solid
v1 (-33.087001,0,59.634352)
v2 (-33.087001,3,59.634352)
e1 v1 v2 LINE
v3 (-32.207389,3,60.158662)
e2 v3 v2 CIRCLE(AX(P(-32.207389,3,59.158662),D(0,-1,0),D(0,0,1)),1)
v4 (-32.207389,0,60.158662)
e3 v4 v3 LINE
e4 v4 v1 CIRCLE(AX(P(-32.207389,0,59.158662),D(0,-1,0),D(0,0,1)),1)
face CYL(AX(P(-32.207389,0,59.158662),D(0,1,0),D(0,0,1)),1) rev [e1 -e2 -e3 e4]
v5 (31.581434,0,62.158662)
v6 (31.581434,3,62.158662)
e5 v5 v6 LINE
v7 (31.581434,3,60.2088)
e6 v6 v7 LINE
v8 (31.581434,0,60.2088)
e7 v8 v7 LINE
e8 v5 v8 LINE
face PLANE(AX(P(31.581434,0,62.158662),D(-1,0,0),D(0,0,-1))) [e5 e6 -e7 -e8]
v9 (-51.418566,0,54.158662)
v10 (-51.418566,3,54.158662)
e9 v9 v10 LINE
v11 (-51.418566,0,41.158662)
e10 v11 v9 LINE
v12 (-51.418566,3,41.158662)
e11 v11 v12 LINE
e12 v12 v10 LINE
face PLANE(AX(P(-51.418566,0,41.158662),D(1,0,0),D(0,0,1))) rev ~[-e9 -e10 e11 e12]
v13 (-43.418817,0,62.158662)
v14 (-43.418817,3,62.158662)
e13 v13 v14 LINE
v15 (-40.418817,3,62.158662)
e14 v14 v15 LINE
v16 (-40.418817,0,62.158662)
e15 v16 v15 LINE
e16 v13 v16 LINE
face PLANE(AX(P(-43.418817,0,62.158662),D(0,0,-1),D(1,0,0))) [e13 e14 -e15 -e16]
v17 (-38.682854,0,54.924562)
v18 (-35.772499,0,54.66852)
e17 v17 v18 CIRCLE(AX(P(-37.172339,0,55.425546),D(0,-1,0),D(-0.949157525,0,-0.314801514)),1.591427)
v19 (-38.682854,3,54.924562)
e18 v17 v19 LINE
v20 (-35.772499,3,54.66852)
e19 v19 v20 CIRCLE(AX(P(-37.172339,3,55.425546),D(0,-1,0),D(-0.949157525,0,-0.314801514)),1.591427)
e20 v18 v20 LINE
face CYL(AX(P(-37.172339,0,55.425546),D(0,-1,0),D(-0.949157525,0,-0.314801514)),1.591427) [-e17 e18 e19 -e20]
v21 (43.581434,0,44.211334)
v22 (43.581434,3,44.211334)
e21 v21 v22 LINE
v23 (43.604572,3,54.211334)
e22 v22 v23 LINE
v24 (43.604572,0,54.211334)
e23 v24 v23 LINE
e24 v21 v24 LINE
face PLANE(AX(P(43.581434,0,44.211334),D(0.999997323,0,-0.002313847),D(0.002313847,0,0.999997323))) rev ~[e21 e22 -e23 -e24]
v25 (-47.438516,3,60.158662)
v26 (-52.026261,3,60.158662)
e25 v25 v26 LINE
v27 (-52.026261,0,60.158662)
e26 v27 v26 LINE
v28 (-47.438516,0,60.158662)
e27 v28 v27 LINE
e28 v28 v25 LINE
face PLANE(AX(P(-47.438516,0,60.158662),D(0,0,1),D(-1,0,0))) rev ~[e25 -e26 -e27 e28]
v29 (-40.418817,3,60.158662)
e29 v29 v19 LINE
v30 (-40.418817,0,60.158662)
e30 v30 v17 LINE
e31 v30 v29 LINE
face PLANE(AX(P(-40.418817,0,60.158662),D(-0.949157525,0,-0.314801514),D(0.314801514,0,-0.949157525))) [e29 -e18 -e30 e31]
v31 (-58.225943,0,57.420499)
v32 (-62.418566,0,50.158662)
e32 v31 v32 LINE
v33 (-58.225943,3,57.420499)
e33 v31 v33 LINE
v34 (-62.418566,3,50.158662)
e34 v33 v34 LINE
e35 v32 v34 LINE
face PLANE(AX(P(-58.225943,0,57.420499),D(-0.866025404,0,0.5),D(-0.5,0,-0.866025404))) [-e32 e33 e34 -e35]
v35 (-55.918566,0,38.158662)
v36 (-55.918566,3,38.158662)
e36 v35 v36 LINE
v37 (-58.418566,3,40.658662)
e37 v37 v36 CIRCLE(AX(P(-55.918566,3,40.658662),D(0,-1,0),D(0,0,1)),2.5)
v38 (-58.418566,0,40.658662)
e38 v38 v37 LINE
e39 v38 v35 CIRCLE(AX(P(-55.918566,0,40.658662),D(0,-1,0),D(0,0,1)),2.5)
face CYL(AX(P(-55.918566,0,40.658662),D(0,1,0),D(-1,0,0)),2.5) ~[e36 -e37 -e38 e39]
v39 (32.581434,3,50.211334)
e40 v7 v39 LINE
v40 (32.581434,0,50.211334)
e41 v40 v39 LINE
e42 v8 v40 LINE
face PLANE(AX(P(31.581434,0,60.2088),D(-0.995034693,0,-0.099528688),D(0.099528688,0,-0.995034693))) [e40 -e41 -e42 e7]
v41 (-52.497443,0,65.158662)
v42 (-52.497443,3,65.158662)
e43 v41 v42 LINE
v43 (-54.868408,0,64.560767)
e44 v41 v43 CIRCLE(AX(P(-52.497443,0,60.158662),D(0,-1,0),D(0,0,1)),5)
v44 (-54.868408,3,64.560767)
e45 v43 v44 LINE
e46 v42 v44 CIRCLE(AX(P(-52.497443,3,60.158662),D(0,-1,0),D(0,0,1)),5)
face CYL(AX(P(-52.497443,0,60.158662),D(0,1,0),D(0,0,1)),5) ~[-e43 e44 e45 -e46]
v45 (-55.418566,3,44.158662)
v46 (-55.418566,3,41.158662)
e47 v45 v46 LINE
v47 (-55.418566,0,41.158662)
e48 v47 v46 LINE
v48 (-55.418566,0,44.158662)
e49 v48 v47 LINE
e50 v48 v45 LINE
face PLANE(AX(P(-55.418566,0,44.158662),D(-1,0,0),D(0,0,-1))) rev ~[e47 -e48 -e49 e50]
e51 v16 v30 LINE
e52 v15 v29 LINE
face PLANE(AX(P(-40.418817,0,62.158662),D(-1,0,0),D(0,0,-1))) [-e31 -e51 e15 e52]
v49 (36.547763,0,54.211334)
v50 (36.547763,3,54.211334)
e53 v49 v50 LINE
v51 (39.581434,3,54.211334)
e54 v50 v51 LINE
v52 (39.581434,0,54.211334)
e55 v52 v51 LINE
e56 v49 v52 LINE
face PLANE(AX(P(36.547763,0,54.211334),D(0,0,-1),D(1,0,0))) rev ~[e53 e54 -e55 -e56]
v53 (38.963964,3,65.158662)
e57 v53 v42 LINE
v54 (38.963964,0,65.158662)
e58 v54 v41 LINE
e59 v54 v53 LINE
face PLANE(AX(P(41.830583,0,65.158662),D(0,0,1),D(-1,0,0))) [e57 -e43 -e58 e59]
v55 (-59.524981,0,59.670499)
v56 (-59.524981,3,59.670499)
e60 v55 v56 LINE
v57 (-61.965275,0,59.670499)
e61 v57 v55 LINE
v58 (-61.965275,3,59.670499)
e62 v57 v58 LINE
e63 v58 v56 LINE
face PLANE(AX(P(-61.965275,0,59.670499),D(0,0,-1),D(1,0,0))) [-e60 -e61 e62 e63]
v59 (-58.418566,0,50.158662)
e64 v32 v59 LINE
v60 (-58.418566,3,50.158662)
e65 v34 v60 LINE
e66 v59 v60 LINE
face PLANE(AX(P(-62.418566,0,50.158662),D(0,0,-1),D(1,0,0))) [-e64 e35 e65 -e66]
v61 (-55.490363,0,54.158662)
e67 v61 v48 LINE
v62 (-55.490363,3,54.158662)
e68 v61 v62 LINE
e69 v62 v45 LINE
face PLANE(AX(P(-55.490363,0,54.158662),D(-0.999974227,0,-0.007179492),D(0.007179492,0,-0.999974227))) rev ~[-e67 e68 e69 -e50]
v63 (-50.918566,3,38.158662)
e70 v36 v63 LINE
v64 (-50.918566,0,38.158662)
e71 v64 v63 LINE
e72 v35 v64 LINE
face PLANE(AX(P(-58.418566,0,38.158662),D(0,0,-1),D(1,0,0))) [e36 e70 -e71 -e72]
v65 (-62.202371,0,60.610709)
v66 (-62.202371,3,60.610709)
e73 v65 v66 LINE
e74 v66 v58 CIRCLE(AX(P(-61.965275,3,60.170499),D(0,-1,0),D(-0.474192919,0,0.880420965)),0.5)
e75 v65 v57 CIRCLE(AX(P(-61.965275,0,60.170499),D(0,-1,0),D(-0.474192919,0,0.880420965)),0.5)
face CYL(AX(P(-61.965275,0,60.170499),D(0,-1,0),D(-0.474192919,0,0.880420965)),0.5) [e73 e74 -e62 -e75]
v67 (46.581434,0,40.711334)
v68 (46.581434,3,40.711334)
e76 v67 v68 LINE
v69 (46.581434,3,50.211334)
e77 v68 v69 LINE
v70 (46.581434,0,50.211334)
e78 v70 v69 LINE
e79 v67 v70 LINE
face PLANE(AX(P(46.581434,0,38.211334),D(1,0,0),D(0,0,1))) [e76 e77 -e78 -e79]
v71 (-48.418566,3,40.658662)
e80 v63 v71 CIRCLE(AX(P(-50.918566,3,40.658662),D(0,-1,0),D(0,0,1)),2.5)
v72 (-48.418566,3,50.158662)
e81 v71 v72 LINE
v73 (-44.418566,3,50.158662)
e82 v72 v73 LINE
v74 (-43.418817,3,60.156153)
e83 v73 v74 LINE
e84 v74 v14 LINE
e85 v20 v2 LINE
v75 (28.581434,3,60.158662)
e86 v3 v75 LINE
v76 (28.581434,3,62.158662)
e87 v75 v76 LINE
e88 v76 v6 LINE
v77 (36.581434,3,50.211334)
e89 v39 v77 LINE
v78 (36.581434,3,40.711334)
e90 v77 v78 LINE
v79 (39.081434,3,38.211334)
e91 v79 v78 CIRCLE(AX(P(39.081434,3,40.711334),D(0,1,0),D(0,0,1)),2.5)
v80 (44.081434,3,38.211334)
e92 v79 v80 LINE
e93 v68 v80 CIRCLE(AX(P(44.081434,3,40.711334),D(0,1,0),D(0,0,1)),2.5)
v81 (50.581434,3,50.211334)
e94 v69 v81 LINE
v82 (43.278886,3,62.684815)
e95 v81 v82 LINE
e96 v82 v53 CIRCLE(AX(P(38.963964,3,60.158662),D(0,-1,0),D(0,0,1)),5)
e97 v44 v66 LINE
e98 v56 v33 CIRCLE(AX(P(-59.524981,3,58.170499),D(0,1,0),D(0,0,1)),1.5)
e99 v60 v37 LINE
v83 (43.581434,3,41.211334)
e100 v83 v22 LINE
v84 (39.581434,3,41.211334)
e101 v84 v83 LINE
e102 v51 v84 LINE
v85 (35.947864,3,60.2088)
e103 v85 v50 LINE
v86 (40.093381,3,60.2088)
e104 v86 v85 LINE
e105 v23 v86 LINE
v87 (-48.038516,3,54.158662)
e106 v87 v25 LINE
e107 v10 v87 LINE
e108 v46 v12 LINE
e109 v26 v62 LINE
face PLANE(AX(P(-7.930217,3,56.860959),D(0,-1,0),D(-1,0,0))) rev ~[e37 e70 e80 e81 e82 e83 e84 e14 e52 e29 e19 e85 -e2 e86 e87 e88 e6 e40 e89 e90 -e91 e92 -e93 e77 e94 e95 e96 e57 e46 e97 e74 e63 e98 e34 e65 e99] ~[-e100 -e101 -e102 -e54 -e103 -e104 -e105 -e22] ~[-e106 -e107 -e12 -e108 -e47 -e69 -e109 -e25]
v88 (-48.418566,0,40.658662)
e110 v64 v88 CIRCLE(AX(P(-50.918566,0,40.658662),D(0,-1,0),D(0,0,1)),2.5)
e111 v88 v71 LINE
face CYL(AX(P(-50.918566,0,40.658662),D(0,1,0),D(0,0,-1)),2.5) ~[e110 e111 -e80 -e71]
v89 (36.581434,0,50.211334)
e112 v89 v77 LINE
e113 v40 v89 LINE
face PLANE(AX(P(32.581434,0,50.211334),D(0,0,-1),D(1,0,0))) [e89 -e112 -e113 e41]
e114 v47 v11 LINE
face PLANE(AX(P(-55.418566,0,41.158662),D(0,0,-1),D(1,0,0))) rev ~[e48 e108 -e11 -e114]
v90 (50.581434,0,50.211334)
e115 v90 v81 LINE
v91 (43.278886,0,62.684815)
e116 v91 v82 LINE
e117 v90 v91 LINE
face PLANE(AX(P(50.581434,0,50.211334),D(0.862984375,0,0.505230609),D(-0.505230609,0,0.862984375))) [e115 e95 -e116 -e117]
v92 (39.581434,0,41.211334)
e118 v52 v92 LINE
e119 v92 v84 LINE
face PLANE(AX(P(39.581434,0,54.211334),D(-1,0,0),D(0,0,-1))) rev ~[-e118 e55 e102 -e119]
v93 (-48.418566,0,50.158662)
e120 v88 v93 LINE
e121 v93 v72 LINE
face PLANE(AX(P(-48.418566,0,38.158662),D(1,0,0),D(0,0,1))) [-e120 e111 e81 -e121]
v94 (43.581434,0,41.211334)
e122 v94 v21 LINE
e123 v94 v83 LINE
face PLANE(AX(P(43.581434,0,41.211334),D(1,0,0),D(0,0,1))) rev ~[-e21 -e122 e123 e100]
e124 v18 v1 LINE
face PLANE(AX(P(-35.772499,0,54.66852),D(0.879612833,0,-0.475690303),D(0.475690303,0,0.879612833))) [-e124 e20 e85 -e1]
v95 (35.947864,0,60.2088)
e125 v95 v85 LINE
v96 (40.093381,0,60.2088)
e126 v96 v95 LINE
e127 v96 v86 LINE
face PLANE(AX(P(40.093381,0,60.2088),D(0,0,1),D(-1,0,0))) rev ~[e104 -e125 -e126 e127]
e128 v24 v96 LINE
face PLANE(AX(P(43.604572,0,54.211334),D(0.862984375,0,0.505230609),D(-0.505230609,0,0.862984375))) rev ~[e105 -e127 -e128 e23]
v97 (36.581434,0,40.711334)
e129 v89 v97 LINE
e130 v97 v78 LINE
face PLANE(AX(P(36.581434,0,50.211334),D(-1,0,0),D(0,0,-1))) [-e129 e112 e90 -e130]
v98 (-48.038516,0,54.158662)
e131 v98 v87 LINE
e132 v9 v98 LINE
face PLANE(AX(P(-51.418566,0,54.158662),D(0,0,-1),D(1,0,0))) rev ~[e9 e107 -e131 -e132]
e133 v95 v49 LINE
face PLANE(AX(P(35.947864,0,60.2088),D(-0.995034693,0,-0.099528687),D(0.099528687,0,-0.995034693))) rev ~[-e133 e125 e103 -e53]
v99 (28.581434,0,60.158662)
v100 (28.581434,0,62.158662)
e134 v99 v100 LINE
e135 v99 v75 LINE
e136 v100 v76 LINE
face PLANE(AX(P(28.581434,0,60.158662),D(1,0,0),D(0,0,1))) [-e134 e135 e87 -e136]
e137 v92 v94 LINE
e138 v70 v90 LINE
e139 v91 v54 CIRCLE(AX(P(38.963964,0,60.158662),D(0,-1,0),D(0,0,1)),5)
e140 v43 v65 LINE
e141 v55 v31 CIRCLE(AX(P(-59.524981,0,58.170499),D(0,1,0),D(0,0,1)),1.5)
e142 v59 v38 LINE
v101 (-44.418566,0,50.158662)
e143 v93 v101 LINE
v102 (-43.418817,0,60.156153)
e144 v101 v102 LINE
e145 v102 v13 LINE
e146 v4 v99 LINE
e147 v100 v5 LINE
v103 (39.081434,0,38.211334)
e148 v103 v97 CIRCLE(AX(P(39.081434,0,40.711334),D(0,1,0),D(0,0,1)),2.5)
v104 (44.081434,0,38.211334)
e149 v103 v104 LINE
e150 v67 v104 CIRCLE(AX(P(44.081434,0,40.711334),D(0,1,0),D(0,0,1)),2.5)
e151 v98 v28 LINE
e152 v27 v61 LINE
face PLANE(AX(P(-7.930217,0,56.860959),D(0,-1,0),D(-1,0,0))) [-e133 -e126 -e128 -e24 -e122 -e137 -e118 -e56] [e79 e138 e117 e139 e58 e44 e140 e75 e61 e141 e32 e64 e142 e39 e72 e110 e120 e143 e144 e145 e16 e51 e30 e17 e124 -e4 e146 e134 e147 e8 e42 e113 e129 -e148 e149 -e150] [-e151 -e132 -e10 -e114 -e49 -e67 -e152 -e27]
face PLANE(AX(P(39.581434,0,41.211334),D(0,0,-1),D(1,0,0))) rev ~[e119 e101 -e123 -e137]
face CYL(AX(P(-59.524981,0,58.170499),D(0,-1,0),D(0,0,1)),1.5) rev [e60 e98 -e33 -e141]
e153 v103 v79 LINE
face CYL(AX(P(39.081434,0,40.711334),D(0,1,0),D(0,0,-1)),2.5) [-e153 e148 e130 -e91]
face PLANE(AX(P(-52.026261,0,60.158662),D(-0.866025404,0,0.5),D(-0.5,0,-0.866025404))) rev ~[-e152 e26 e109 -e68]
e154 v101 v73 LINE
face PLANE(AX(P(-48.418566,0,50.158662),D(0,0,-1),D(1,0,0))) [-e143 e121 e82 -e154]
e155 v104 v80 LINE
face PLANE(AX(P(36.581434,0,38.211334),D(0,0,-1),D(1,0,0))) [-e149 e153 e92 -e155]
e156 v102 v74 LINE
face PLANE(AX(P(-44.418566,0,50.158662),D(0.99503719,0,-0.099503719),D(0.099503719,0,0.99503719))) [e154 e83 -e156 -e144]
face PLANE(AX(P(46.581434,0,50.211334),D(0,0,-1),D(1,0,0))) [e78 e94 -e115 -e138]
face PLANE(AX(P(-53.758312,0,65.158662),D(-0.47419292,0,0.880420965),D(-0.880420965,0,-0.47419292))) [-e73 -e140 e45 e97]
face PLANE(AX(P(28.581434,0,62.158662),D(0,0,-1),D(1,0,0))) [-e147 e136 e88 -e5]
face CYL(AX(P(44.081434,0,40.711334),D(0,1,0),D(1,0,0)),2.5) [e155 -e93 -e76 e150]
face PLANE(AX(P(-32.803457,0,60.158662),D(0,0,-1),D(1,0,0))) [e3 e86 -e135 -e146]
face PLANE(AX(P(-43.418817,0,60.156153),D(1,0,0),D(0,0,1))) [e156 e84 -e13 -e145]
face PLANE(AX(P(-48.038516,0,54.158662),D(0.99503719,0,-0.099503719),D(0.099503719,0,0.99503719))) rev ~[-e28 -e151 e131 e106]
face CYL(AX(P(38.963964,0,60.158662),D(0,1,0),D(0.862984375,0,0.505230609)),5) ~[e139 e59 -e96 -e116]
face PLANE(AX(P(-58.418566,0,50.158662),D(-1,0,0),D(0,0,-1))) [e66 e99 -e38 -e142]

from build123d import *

# Parameters (mm, degrees)
BOSS_EXTRUDE1_DEPTH = 3
FILLET1_R           = 5
FILLET2_R           = 2.5
FILLET3_R           = 1


with BuildPart() as part:
    # Sketch1 → Boss-Extrude1 (new body)
    with BuildSketch(Plane(origin=(0, 0, 0), x_dir=(1, 0, 0), z_dir=(0, 1, 0))):
        with BuildLine():
            Line((-62.418566214, -50.1586621), (-58.418566214, -50.1586621))
            Line((-58.418566214, -50.1586621), (-58.418566214, -38.1586621))
            Line((-58.418566214, -38.1586621), (-48.418566214, -38.1586621))
            Line((-48.418566214, -38.1586621), (-48.418566214, -50.1586621))
            Line((-48.418566214, -50.1586621), (-44.418566214, -50.1586621))
            Line((-44.418566214, -50.1586621), (-43.418817081, -60.156153425))
            Line((-43.418817081, -60.156153425), (-43.418817081, -62.1586621))
            Line((-43.418817081, -62.1586621), (-40.418817081, -62.1586621))
            Line((-40.418817081, -62.1586621), (-40.418817081, -60.1586621))
            Line((-40.418817081, -60.1586621), (-38.682853905, -54.924562388))
            ThreePointArc((-38.682853905, -54.924562388), (-37.311808452, -53.840242209), (-35.772499384, -54.668519625))
            Line((-35.772499384, -54.668519625), (-32.803457275, -60.1586621))
            Line((-32.803457275, -60.1586621), (28.581433786, -60.1586621))
            Line((28.581433786, -60.1586621), (28.581433786, -62.1586621))
            Line((28.581433786, -62.1586621), (31.581433786, -62.1586621))
            Line((31.581433786, -62.1586621), (31.581433786, -60.208800497))
            Line((31.581433786, -60.208800497), (32.581433786, -50.211334262))
            Line((32.581433786, -50.211334262), (36.581433786, -50.211334262))
            Line((36.581433786, -50.211334262), (36.581433786, -38.211334262))
            Line((36.581433786, -38.211334262), (46.581433786, -38.211334262))
            Line((46.581433786, -38.211334262), (46.581433786, -50.211334262))
            Line((46.581433786, -50.211334262), (50.581433786, -50.211334262))
            Line((50.581433786, -50.211334262), (41.830582941, -65.1586621))
            Line((41.830582941, -65.1586621), (-53.758312176, -65.1586621))
            Line((-53.758312176, -65.1586621), (-62.202371167, -60.610709304))
            ThreePointArc((-62.202371167, -60.610709304), (-62.450096964, -60.048239346), (-61.965274707, -59.670498822))
            Line((-61.965274707, -59.670498822), (-59.524980934, -59.670498822))
            ThreePointArc((-59.524980934, -59.670498822), (-58.225942828, -58.920498822), (-58.225942828, -57.420498822))
            Line((-58.225942828, -57.420498822), (-62.418566214, -50.1586621))
        make_face()
        Polygon((36.547763078, -54.211334262), (39.581433786, -54.211334262), (39.581433786, -44.211334262), (39.581433786, -41.211334262), (43.581433786, -41.211334262), (43.581433786, -44.211334262), (43.604572315, -54.211334262), (40.093380681, -60.208800497), (35.947864455, -60.208800497), align=None, mode=Mode.SUBTRACT)
        Polygon((-55.418566214, -41.1586621), (-51.418566214, -41.1586621), (-51.418566214, -44.1586621), (-51.418566214, -54.1586621), (-48.038516462, -54.1586621), (-47.438516462, -60.1586621), (-52.026261368, -60.1586621), (-55.490362984, -54.1586621), (-55.418566214, -44.1586621), align=None, mode=Mode.SUBTRACT)
    extrude(amount=BOSS_EXTRUDE1_DEPTH)

    # Fillet1
    fillet1_edges = [part.edges().sort_by_distance(p)[0] for p in [
        (41.830582941, 1.5, 65.1586621),
        (-53.758312176, 1.5, 65.1586621),
    ]]
    fillet(fillet1_edges, radius=FILLET1_R)

    # Fillet2
    fillet2_edges = [part.edges().sort_by_distance(p)[0] for p in [
        (-58.418566214, 1.5, 38.1586621),
        (-48.418566214, 1.5, 38.1586621),
        (36.581433786, 1.5, 38.211334262),
        (46.581433786, 1.5, 38.211334262),
    ]]
    fillet(fillet2_edges, radius=FILLET2_R)

    # Fillet3
    fillet3_edges = [part.edges().sort_by_distance(p)[0] for p in [
        (-32.803457275, 1.5, 60.1586621),
    ]]
    fillet(fillet3_edges, radius=FILLET3_R)


solid = part.part
